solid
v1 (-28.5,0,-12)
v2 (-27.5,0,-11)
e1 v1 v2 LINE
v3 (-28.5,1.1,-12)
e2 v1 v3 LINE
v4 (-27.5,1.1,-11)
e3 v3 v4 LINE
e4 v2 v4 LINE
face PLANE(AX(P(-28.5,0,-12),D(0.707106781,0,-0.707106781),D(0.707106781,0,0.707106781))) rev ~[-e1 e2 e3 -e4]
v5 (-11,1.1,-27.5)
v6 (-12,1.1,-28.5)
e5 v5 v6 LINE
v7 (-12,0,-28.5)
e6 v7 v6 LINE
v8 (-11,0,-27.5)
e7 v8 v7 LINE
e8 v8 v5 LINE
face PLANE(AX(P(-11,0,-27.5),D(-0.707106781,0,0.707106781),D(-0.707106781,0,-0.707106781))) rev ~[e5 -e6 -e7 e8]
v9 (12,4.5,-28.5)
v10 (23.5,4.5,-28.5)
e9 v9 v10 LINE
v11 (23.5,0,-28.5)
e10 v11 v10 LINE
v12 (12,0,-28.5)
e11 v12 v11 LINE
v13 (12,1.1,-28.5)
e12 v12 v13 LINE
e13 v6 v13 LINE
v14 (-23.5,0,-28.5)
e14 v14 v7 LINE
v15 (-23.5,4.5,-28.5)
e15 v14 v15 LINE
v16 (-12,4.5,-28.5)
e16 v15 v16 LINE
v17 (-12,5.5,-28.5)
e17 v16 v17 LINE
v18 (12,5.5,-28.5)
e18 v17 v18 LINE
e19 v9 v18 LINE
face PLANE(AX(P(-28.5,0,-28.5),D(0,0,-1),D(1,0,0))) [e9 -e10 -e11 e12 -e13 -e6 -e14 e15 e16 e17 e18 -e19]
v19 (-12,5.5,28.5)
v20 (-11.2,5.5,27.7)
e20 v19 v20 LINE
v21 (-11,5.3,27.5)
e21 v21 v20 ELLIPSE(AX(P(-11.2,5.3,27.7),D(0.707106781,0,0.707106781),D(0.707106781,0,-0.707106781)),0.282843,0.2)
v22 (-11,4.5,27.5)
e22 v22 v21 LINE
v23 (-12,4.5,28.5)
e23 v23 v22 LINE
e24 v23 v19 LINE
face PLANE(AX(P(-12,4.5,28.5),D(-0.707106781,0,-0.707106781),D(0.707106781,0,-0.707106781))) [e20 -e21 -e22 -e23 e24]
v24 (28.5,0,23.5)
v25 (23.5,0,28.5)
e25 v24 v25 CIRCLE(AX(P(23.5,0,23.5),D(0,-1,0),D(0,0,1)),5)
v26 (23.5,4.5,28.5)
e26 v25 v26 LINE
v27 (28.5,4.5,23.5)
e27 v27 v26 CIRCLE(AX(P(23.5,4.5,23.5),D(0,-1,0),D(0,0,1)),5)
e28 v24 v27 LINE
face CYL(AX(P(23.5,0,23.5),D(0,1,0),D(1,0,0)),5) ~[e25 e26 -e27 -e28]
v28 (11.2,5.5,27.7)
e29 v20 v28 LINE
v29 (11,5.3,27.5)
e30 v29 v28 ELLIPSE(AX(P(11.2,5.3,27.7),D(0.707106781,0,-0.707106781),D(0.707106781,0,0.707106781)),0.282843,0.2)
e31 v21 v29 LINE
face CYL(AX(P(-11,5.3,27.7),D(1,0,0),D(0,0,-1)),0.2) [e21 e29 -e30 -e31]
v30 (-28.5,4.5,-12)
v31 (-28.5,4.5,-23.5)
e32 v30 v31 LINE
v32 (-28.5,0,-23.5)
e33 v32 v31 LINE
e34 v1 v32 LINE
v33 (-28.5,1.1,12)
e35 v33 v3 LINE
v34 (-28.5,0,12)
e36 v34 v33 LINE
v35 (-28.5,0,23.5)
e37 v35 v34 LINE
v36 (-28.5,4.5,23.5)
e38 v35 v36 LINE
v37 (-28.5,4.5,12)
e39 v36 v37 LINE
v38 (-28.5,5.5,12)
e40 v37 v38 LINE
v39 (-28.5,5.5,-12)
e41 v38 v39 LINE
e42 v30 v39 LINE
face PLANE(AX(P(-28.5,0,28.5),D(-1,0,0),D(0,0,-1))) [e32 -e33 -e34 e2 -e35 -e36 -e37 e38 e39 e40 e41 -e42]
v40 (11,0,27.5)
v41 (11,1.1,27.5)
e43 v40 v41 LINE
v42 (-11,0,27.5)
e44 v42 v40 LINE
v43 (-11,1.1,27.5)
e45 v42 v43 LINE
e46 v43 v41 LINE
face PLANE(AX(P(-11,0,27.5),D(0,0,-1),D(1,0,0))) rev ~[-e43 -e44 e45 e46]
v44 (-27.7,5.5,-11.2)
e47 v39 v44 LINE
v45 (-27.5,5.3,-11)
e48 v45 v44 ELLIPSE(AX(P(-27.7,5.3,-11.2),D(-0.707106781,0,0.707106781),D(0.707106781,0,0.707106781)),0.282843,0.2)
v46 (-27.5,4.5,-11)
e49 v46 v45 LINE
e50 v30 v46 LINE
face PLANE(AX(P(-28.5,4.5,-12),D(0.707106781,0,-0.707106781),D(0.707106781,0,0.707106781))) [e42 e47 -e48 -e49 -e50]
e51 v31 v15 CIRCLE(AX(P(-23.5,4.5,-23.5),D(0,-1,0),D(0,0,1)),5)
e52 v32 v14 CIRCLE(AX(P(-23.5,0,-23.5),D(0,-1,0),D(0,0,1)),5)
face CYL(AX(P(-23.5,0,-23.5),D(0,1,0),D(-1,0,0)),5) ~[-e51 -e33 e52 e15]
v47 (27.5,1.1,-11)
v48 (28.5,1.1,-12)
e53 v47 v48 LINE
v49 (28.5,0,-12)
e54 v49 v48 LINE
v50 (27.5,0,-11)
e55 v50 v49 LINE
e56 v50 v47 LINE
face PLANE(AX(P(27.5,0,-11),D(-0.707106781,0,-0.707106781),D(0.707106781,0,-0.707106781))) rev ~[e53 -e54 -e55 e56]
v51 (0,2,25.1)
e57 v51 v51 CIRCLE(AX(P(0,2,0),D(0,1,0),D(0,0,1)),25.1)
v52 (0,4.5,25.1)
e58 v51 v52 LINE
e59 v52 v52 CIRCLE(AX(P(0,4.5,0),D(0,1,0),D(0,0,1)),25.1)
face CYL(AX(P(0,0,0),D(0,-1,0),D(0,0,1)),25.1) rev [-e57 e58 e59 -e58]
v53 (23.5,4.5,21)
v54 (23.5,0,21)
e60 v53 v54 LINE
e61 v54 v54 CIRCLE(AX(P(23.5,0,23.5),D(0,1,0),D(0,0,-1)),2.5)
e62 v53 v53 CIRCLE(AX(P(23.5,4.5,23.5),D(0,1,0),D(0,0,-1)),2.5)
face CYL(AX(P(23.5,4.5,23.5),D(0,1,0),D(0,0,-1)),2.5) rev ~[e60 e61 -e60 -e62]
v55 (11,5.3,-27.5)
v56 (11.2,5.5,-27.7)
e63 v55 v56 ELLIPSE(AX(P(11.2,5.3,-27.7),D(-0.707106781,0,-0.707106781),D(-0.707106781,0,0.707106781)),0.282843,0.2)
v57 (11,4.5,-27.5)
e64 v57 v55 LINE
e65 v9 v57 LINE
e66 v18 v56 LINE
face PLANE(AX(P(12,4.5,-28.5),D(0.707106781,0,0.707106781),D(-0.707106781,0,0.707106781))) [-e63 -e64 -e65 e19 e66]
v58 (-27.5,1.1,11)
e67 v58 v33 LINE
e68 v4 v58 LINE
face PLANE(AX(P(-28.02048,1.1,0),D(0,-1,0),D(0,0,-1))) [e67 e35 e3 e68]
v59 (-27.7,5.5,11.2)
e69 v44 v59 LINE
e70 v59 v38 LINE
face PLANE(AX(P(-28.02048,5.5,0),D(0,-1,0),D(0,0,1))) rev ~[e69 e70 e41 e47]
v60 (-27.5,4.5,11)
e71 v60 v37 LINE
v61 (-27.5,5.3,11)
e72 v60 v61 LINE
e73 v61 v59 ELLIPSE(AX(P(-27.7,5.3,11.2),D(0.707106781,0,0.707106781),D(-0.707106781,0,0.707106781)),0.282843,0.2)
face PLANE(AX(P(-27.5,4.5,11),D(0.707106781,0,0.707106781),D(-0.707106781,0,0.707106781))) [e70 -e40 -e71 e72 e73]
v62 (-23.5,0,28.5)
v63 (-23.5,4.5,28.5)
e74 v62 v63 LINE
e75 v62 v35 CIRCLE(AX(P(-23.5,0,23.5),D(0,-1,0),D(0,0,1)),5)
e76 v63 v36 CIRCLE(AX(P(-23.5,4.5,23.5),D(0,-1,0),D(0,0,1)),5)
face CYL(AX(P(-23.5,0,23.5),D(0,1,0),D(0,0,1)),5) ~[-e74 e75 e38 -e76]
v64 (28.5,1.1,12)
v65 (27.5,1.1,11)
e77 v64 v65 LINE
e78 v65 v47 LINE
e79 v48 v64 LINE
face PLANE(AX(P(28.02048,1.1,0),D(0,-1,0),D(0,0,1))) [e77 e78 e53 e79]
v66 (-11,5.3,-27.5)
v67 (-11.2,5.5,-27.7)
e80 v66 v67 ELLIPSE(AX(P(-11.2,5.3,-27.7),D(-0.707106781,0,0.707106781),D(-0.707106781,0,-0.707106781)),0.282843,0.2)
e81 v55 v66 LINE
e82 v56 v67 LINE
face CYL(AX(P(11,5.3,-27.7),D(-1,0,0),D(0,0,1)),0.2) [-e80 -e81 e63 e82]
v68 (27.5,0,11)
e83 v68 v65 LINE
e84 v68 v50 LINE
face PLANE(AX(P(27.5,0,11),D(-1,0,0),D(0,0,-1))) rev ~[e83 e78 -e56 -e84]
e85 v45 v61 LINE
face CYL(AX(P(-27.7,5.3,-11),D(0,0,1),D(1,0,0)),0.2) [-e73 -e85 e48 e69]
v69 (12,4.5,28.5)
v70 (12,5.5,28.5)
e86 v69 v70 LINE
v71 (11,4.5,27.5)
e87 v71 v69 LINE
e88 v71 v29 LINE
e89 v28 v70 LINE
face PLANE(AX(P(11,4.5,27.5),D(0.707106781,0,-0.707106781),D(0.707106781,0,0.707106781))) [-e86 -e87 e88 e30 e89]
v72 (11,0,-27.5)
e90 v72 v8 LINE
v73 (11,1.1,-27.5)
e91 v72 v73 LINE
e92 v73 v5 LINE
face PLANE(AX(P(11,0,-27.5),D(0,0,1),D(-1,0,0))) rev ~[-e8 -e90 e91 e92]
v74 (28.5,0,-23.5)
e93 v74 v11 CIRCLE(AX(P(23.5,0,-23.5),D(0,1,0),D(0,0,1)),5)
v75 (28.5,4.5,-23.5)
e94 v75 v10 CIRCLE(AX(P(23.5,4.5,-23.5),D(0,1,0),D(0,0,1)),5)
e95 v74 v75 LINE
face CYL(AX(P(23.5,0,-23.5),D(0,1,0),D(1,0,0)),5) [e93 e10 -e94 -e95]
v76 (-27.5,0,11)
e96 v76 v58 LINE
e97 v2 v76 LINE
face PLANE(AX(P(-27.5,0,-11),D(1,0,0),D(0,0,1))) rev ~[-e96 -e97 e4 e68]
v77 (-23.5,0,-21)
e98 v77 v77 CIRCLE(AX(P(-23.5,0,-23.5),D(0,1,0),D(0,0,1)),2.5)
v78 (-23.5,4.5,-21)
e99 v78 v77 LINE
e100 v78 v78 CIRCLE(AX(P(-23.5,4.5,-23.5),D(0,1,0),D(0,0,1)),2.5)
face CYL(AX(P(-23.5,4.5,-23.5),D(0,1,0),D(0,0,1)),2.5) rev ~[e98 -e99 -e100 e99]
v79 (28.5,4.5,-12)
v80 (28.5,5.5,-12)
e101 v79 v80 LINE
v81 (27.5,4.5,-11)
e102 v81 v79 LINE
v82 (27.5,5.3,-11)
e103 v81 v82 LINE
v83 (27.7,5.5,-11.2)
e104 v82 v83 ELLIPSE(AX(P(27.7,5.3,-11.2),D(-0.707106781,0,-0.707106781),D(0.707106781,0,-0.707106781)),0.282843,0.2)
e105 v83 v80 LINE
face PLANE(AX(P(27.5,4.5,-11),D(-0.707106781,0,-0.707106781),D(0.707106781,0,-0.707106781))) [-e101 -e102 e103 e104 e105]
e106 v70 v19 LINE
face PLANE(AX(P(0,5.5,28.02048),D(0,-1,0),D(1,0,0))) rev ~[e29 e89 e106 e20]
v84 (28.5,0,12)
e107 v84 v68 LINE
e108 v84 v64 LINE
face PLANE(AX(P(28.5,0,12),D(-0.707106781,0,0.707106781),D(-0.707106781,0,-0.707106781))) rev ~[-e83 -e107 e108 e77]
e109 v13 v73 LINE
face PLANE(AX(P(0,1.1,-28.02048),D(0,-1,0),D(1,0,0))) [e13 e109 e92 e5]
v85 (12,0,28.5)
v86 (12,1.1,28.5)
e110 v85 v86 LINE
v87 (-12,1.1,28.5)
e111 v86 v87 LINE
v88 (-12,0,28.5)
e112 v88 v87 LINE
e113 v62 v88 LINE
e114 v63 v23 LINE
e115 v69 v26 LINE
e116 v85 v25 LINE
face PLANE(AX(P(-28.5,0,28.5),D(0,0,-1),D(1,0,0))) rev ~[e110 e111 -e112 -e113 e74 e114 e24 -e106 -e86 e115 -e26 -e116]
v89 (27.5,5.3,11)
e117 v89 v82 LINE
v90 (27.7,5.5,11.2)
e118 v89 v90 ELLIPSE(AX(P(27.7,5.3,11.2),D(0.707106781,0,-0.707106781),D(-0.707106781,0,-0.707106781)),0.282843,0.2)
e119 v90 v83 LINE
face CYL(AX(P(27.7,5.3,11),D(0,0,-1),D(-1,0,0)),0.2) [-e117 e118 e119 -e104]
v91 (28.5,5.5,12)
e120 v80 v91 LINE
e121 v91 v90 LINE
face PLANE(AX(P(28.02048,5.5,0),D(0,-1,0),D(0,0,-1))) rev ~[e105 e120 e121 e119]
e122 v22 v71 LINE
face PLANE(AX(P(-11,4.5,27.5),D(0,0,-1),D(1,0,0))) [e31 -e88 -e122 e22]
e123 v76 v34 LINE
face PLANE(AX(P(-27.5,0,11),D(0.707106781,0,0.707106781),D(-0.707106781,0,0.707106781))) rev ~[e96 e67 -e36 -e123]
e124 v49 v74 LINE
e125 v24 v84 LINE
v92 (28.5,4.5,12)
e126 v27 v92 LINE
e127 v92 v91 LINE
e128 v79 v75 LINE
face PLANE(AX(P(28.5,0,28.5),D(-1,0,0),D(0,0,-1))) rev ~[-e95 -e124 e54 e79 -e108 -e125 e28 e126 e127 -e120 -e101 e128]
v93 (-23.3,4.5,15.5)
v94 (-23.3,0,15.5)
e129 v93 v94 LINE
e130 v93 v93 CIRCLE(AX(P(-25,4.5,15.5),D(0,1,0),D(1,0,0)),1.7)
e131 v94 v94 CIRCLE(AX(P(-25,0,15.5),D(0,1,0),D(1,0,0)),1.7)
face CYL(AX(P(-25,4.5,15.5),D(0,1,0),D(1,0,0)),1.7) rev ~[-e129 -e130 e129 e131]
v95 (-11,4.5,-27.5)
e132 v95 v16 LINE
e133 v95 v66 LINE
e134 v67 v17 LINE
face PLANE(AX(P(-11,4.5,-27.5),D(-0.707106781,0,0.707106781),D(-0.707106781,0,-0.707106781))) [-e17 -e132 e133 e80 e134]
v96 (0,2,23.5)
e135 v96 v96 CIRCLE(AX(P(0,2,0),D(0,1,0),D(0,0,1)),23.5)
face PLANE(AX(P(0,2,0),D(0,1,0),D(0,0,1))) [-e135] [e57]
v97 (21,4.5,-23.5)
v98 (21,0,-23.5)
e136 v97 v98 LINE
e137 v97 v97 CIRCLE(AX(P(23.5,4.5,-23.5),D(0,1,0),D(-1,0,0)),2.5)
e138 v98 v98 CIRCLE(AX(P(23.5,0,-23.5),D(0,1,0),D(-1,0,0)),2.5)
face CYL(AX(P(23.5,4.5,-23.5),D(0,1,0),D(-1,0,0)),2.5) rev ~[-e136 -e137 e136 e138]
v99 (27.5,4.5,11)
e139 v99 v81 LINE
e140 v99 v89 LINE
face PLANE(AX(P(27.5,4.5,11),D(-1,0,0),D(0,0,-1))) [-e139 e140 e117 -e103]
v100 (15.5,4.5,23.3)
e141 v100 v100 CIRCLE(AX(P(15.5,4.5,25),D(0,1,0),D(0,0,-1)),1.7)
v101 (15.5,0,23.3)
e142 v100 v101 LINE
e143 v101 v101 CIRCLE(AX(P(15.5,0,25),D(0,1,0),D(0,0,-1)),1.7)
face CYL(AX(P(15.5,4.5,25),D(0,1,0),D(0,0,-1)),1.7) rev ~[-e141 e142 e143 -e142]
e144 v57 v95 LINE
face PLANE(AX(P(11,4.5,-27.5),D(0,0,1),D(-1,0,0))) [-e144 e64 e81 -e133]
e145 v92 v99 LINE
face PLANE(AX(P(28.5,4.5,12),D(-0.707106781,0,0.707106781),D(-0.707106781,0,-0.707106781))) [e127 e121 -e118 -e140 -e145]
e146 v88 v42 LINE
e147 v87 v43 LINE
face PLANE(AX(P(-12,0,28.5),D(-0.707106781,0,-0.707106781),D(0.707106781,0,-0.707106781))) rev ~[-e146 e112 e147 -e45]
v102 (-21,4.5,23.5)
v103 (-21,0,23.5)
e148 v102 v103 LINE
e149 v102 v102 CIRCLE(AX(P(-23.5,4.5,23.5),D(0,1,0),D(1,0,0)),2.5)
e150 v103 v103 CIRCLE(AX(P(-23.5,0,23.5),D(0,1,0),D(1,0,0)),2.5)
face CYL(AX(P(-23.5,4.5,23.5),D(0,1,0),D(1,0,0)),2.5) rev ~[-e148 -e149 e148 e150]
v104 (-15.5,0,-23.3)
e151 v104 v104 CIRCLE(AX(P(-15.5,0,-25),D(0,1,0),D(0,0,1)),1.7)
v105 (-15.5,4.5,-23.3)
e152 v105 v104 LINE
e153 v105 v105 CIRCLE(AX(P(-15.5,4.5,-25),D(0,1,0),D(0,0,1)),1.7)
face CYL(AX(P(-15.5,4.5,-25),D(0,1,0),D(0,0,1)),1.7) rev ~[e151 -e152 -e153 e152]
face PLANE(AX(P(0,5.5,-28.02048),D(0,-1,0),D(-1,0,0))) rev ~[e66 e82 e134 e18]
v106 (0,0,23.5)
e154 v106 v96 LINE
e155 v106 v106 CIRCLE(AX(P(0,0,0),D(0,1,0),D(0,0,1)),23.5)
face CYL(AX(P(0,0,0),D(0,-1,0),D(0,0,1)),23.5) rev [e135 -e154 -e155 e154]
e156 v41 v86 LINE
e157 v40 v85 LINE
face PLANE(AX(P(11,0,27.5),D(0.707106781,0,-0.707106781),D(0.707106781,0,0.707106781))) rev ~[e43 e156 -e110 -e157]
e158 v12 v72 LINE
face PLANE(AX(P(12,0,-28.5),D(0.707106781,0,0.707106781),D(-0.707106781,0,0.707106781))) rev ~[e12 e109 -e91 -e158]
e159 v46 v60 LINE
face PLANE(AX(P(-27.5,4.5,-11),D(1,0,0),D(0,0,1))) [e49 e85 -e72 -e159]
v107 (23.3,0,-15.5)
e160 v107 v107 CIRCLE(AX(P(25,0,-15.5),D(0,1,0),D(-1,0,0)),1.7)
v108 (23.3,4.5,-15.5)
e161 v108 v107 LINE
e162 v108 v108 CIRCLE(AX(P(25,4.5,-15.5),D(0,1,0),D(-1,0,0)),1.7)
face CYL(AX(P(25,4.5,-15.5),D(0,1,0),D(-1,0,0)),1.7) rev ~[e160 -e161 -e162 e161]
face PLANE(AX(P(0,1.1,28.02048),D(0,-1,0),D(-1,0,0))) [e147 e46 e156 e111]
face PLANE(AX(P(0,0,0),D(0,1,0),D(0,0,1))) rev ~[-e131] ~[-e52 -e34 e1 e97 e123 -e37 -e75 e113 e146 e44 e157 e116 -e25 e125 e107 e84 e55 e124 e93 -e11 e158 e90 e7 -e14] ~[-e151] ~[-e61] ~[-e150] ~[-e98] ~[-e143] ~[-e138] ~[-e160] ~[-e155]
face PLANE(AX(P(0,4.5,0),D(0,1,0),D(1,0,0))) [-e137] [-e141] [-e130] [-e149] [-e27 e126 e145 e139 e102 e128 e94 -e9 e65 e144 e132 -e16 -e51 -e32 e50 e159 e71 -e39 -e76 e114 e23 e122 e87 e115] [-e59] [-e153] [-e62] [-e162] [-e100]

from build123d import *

# Parameters (mm, degrees)
SKETCH2_W                = 57
SKETCH2_H                = 57
SKETCH2_R                = 25.1
BOSS_EXTRUDE1_DEPTH      = 4.5
SKETCH2_3_R              = 25.1
SKETCH2_3_R_2            = 23.5
BOSS_EXTRUDE2_DEPTH      = 2
FILLET1_R                = 5
SKETCH4_R                = 2.5
SKETCH4_R_2              = 1.7
CUT_EXTRUDE1_DEPTH       = 41.555517504
BOSS_EXTRUDE3_DEPTH      = 1
FILLET2_R                = 0.2
CUT_EXTRUDE2_DEPTH       = 1.1
CIRPATTERN7_COUNT        = 4
FILLET2_OF_CIRPATTERN7_R = 0.2
FILLET3_R                = 5


with BuildPart() as part:
    # Sketch2 → Boss-Extrude1 (new body)
    with BuildSketch(Plane(origin=(0, 0, 0), x_dir=(1, 0, 0), z_dir=(0, 1, 0))):
        Rectangle(SKETCH2_W, SKETCH2_H)
        Circle(SKETCH2_R, mode=Mode.SUBTRACT)
    extrude(amount=BOSS_EXTRUDE1_DEPTH)

    # Sketch2<3> → Boss-Extrude2 (add)
    with BuildSketch(Plane(origin=(0, 0, 0), x_dir=(1, 0, 0), z_dir=(0, 1, 0))):
        Circle(SKETCH2_3_R)
        Circle(SKETCH2_3_R_2, mode=Mode.SUBTRACT)
    extrude(amount=BOSS_EXTRUDE2_DEPTH)

    # Fillet1
    fillet1_edges = [part.edges().sort_by_distance(p)[0] for p in [
        (-28.5, 2.25, -28.5),
    ]]
    fillet(fillet1_edges, radius=FILLET1_R)

    # Sketch4 → Cut-Extrude1 (cut, through all)
    with BuildSketch(Plane(origin=(0, 4.5, 0), x_dir=(1, 0, 0), z_dir=(0, 1, 0))):
        with Locations((-23.5, 23.5)):
            Circle(SKETCH4_R)
        with Locations((-15.5, 25)):
            Circle(SKETCH4_R_2)
    cut_extrude1 = extrude(amount=-CUT_EXTRUDE1_DEPTH, mode=Mode.SUBTRACT)

    # Sketch5 → Boss-Extrude3 (add)
    with BuildSketch(Plane(origin=(0, 4.5, 0), x_dir=(1, 0, 0), z_dir=(0, 1, 0))):
        Polygon((11, 27.5), (-11, 27.5), (-12, 28.5), (12, 28.5), align=None)
    boss_extrude3 = extrude(amount=BOSS_EXTRUDE3_DEPTH)

    # Fillet2
    fillet2_edges = [part.edges().sort_by_distance(p)[0] for p in [
        (0, 5.5, -27.5),
    ]]
    fillet(fillet2_edges, radius=FILLET2_R)

    # Sketch6 → Cut-Extrude2 (cut)
    with BuildSketch(Plane.XZ):
        Polygon((11, -27.5), (-11, -27.5), (-12, -28.5), (12, -28.5), align=None)
    cut_extrude2 = extrude(amount=-CUT_EXTRUDE2_DEPTH, mode=Mode.SUBTRACT)

    # CirPattern7: Cut-Extrude1, Boss-Extrude3, Cut-Extrude2 ×4 about axis
    cirpattern7_axis = Axis((0, 2, 0), (0, 1, 0))
    add([cut_extrude1.rotate(cirpattern7_axis, i * 360 / CIRPATTERN7_COUNT) for i in range(1, CIRPATTERN7_COUNT)], mode=Mode.SUBTRACT)
    add([boss_extrude3.rotate(cirpattern7_axis, i * 360 / CIRPATTERN7_COUNT) for i in range(1, CIRPATTERN7_COUNT)])
    add([cut_extrude2.rotate(cirpattern7_axis, i * 360 / CIRPATTERN7_COUNT) for i in range(1, CIRPATTERN7_COUNT)], mode=Mode.SUBTRACT)

    # Fillet2 of CirPattern7
    fillet2_of_cirpattern7_edges = [part.edges().sort_by_distance(p)[0] for p in [
        (-27.5, 5.5, 0),
        (0, 5.5, 27.5),
        (27.5, 5.5, 0),
    ]]
    fillet(fillet2_of_cirpattern7_edges, radius=FILLET2_OF_CIRPATTERN7_R)

    # Fillet3
    fillet3_edges = [part.edges().sort_by_distance(p)[0] for p in [
        (28.5, 2.25, -28.5),
        (28.5, 2.25, 28.5),
        (-28.5, 2.25, 28.5),
    ]]
    fillet(fillet3_edges, radius=FILLET3_R)


solid = part.part
